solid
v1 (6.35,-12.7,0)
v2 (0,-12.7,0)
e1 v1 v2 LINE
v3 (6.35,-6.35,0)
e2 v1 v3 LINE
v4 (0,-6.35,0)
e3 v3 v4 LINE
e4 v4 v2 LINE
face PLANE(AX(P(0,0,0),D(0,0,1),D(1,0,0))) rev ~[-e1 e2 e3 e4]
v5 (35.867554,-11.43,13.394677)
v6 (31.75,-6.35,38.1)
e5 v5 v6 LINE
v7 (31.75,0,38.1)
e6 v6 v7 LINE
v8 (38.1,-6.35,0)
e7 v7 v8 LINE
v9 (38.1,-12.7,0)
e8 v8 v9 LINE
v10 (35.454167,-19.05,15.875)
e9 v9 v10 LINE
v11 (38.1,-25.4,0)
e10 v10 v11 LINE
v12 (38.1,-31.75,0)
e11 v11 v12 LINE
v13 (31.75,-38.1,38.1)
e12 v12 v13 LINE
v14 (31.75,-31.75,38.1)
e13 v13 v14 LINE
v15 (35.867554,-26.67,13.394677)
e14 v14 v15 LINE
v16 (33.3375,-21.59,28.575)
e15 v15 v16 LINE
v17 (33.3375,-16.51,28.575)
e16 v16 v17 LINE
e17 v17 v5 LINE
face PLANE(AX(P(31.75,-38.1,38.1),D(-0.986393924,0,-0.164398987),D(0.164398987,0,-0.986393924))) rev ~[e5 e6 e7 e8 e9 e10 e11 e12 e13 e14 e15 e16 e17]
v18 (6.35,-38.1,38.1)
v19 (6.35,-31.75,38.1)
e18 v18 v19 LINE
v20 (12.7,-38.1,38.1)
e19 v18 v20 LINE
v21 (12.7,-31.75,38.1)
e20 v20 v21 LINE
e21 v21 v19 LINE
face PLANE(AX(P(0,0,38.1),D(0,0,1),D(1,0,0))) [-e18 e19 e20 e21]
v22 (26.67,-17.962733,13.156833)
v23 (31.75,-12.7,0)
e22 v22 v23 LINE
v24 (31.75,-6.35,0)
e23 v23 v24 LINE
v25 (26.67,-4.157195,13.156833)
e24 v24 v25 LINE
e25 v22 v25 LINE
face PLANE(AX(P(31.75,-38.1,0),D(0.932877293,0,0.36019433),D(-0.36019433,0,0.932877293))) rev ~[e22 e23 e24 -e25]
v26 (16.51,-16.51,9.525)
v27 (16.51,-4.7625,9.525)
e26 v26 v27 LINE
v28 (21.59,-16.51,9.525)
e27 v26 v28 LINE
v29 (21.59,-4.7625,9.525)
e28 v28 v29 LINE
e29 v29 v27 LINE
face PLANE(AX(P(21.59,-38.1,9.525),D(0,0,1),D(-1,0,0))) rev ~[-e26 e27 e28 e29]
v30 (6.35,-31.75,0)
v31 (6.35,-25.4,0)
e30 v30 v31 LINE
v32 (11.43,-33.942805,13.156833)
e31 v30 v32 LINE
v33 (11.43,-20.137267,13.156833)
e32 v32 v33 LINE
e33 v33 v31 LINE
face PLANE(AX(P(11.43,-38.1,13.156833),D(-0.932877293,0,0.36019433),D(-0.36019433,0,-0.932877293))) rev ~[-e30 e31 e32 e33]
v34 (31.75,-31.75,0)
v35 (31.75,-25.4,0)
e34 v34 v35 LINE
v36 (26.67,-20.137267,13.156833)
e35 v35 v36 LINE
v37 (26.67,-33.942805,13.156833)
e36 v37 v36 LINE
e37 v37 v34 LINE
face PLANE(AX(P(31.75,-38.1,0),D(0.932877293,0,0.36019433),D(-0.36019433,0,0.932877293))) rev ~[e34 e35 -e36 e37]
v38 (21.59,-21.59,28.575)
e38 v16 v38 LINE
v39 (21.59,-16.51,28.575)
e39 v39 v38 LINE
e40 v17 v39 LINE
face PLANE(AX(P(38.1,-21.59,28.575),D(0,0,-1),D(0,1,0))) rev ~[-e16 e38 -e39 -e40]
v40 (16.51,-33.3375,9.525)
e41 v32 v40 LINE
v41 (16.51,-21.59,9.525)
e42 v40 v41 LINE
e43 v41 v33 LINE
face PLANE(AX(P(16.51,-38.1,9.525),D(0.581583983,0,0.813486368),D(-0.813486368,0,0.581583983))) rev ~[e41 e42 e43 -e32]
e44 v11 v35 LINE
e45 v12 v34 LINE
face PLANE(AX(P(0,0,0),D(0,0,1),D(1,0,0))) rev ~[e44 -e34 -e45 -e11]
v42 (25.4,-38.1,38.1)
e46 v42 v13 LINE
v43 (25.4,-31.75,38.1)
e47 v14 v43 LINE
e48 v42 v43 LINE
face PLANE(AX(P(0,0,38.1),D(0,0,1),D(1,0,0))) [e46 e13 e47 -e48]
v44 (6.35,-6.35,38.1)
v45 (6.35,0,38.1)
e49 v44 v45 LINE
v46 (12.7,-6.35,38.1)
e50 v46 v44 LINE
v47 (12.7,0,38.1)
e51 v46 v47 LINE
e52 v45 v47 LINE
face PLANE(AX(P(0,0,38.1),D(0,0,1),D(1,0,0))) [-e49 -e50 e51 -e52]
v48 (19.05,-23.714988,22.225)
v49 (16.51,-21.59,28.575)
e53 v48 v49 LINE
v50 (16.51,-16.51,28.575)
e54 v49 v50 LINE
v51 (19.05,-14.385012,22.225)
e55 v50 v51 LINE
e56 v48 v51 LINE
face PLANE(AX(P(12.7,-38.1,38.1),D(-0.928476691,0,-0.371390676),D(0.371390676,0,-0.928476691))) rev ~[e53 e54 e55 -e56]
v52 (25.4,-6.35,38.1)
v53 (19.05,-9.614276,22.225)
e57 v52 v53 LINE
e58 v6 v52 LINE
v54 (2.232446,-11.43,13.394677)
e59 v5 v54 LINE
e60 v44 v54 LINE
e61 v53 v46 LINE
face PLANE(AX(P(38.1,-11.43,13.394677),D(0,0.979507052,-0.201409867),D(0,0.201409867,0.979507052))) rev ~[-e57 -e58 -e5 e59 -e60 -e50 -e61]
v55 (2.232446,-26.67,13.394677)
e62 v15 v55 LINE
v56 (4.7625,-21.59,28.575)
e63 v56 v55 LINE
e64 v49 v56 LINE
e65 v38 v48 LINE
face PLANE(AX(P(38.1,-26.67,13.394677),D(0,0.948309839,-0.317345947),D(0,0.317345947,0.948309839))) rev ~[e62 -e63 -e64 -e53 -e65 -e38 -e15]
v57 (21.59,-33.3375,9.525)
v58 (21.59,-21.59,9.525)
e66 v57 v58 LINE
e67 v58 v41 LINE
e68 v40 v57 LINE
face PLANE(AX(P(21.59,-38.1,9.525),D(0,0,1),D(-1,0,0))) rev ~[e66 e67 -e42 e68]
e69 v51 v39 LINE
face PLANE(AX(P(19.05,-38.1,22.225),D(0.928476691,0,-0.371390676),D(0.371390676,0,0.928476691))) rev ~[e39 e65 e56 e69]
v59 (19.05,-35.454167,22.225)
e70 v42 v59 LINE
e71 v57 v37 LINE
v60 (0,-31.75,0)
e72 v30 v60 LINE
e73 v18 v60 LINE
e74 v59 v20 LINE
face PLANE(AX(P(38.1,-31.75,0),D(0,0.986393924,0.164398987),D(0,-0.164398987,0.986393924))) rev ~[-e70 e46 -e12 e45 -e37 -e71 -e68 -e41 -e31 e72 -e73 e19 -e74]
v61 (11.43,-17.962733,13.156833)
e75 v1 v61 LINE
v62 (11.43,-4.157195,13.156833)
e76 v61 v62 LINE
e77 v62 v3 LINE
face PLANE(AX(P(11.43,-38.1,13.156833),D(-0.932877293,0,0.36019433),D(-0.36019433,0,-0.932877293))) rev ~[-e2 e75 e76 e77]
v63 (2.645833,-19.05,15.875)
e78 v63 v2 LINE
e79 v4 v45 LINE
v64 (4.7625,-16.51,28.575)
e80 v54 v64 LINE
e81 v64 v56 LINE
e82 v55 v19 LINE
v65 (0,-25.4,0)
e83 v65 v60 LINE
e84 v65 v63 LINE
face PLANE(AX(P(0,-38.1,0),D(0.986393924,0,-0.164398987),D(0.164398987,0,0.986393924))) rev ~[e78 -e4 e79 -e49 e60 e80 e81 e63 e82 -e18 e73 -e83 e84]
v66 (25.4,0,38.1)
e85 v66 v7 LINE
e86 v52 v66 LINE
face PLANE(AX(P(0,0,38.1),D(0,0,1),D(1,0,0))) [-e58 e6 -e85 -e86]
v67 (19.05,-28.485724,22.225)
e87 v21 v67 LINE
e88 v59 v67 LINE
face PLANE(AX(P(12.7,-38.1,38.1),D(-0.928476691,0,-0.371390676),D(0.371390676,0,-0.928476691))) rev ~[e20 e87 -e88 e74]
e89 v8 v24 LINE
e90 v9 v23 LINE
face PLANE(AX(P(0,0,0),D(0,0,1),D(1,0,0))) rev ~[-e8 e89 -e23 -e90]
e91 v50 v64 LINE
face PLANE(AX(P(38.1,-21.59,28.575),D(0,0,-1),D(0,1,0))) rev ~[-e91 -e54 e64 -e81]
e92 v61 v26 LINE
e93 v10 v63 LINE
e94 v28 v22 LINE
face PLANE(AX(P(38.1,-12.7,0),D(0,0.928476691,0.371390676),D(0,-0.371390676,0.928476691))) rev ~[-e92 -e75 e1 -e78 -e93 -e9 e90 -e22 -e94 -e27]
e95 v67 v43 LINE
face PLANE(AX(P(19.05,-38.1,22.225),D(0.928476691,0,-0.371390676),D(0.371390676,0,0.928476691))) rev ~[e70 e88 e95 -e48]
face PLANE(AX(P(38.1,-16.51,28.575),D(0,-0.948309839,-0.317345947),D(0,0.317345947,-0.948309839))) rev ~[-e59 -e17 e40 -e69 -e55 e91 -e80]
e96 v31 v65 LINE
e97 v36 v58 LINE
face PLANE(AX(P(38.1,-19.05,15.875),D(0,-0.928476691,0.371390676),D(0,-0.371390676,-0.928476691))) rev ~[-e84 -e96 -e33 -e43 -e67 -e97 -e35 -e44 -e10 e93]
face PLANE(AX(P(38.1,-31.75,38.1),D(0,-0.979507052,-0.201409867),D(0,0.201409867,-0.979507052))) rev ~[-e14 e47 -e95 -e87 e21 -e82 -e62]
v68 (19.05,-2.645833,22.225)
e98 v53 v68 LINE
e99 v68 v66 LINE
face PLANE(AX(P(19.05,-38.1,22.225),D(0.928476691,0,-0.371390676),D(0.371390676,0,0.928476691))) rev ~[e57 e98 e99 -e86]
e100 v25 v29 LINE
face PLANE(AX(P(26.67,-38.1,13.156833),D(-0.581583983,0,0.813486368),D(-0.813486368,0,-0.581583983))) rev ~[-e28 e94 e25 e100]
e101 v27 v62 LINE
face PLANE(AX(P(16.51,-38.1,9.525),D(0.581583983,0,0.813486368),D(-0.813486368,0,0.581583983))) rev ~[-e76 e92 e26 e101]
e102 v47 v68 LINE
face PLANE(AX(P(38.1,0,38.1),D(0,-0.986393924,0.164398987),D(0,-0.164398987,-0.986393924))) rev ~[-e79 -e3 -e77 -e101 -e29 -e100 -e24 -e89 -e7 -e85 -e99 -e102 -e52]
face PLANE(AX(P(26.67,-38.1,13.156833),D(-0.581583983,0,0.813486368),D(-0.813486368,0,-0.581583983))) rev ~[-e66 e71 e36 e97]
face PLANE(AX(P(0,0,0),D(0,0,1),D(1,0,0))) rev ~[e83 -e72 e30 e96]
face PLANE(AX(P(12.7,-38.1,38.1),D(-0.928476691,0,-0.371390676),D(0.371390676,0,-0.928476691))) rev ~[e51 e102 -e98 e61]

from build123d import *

# Parameters (mm, degrees)
F0_W     = 38.1
F0_H     = 38.1
F1_DEPTH = 38.1
F5_DEPTH = 38.1
F7_DEPTH = 38.1


with BuildPart() as f1:
    # F0 (on Front) → F1 (new body)
    with BuildSketch(Plane.XZ):
        with Locations((19.05, 19.05)):
            Rectangle(F0_W, F0_H)
    extrude(amount=F1_DEPTH)

    # F4 (on offset) → F5 (cut)
    with BuildSketch(Plane.YZ.offset(38.1)):
        Polygon((-6.35, 38.1), (-31.75, 38.1), (-26.67, 13.394677), (-21.59, 28.575), (-16.51, 28.575), (-11.43, 13.394677), align=None)
        Polygon((-19.05, 15.875), (-25.4, 0), (-12.7, 0), align=None)
        Polygon((-31.75, 0), (-38.1, 38.1), (-38.1, 0), align=None)
        Polygon((0, 0), (0, 38.1), (-6.35, 0), align=None)
    extrude(amount=-F5_DEPTH, mode=Mode.SUBTRACT)

    # F6 (on offset) → F7 (cut)
    with BuildSketch(Plane.XZ.offset(38.1)):
        Polygon((11.43, 13.156833), (6.35, 0), (31.75, 0), (26.67, 13.156833), (21.59, 9.525), (16.51, 9.525), align=None)
        Polygon((25.4, 38.1), (12.7, 38.1), (19.05, 22.225), align=None)
        Polygon((0, 38.1), (0, 0), (6.35, 38.1), align=None)
        Polygon((31.75, 38.1), (38.1, 0), (38.1, 38.1), align=None)
    extrude(amount=-F7_DEPTH, mode=Mode.SUBTRACT)


solid = f1.part
